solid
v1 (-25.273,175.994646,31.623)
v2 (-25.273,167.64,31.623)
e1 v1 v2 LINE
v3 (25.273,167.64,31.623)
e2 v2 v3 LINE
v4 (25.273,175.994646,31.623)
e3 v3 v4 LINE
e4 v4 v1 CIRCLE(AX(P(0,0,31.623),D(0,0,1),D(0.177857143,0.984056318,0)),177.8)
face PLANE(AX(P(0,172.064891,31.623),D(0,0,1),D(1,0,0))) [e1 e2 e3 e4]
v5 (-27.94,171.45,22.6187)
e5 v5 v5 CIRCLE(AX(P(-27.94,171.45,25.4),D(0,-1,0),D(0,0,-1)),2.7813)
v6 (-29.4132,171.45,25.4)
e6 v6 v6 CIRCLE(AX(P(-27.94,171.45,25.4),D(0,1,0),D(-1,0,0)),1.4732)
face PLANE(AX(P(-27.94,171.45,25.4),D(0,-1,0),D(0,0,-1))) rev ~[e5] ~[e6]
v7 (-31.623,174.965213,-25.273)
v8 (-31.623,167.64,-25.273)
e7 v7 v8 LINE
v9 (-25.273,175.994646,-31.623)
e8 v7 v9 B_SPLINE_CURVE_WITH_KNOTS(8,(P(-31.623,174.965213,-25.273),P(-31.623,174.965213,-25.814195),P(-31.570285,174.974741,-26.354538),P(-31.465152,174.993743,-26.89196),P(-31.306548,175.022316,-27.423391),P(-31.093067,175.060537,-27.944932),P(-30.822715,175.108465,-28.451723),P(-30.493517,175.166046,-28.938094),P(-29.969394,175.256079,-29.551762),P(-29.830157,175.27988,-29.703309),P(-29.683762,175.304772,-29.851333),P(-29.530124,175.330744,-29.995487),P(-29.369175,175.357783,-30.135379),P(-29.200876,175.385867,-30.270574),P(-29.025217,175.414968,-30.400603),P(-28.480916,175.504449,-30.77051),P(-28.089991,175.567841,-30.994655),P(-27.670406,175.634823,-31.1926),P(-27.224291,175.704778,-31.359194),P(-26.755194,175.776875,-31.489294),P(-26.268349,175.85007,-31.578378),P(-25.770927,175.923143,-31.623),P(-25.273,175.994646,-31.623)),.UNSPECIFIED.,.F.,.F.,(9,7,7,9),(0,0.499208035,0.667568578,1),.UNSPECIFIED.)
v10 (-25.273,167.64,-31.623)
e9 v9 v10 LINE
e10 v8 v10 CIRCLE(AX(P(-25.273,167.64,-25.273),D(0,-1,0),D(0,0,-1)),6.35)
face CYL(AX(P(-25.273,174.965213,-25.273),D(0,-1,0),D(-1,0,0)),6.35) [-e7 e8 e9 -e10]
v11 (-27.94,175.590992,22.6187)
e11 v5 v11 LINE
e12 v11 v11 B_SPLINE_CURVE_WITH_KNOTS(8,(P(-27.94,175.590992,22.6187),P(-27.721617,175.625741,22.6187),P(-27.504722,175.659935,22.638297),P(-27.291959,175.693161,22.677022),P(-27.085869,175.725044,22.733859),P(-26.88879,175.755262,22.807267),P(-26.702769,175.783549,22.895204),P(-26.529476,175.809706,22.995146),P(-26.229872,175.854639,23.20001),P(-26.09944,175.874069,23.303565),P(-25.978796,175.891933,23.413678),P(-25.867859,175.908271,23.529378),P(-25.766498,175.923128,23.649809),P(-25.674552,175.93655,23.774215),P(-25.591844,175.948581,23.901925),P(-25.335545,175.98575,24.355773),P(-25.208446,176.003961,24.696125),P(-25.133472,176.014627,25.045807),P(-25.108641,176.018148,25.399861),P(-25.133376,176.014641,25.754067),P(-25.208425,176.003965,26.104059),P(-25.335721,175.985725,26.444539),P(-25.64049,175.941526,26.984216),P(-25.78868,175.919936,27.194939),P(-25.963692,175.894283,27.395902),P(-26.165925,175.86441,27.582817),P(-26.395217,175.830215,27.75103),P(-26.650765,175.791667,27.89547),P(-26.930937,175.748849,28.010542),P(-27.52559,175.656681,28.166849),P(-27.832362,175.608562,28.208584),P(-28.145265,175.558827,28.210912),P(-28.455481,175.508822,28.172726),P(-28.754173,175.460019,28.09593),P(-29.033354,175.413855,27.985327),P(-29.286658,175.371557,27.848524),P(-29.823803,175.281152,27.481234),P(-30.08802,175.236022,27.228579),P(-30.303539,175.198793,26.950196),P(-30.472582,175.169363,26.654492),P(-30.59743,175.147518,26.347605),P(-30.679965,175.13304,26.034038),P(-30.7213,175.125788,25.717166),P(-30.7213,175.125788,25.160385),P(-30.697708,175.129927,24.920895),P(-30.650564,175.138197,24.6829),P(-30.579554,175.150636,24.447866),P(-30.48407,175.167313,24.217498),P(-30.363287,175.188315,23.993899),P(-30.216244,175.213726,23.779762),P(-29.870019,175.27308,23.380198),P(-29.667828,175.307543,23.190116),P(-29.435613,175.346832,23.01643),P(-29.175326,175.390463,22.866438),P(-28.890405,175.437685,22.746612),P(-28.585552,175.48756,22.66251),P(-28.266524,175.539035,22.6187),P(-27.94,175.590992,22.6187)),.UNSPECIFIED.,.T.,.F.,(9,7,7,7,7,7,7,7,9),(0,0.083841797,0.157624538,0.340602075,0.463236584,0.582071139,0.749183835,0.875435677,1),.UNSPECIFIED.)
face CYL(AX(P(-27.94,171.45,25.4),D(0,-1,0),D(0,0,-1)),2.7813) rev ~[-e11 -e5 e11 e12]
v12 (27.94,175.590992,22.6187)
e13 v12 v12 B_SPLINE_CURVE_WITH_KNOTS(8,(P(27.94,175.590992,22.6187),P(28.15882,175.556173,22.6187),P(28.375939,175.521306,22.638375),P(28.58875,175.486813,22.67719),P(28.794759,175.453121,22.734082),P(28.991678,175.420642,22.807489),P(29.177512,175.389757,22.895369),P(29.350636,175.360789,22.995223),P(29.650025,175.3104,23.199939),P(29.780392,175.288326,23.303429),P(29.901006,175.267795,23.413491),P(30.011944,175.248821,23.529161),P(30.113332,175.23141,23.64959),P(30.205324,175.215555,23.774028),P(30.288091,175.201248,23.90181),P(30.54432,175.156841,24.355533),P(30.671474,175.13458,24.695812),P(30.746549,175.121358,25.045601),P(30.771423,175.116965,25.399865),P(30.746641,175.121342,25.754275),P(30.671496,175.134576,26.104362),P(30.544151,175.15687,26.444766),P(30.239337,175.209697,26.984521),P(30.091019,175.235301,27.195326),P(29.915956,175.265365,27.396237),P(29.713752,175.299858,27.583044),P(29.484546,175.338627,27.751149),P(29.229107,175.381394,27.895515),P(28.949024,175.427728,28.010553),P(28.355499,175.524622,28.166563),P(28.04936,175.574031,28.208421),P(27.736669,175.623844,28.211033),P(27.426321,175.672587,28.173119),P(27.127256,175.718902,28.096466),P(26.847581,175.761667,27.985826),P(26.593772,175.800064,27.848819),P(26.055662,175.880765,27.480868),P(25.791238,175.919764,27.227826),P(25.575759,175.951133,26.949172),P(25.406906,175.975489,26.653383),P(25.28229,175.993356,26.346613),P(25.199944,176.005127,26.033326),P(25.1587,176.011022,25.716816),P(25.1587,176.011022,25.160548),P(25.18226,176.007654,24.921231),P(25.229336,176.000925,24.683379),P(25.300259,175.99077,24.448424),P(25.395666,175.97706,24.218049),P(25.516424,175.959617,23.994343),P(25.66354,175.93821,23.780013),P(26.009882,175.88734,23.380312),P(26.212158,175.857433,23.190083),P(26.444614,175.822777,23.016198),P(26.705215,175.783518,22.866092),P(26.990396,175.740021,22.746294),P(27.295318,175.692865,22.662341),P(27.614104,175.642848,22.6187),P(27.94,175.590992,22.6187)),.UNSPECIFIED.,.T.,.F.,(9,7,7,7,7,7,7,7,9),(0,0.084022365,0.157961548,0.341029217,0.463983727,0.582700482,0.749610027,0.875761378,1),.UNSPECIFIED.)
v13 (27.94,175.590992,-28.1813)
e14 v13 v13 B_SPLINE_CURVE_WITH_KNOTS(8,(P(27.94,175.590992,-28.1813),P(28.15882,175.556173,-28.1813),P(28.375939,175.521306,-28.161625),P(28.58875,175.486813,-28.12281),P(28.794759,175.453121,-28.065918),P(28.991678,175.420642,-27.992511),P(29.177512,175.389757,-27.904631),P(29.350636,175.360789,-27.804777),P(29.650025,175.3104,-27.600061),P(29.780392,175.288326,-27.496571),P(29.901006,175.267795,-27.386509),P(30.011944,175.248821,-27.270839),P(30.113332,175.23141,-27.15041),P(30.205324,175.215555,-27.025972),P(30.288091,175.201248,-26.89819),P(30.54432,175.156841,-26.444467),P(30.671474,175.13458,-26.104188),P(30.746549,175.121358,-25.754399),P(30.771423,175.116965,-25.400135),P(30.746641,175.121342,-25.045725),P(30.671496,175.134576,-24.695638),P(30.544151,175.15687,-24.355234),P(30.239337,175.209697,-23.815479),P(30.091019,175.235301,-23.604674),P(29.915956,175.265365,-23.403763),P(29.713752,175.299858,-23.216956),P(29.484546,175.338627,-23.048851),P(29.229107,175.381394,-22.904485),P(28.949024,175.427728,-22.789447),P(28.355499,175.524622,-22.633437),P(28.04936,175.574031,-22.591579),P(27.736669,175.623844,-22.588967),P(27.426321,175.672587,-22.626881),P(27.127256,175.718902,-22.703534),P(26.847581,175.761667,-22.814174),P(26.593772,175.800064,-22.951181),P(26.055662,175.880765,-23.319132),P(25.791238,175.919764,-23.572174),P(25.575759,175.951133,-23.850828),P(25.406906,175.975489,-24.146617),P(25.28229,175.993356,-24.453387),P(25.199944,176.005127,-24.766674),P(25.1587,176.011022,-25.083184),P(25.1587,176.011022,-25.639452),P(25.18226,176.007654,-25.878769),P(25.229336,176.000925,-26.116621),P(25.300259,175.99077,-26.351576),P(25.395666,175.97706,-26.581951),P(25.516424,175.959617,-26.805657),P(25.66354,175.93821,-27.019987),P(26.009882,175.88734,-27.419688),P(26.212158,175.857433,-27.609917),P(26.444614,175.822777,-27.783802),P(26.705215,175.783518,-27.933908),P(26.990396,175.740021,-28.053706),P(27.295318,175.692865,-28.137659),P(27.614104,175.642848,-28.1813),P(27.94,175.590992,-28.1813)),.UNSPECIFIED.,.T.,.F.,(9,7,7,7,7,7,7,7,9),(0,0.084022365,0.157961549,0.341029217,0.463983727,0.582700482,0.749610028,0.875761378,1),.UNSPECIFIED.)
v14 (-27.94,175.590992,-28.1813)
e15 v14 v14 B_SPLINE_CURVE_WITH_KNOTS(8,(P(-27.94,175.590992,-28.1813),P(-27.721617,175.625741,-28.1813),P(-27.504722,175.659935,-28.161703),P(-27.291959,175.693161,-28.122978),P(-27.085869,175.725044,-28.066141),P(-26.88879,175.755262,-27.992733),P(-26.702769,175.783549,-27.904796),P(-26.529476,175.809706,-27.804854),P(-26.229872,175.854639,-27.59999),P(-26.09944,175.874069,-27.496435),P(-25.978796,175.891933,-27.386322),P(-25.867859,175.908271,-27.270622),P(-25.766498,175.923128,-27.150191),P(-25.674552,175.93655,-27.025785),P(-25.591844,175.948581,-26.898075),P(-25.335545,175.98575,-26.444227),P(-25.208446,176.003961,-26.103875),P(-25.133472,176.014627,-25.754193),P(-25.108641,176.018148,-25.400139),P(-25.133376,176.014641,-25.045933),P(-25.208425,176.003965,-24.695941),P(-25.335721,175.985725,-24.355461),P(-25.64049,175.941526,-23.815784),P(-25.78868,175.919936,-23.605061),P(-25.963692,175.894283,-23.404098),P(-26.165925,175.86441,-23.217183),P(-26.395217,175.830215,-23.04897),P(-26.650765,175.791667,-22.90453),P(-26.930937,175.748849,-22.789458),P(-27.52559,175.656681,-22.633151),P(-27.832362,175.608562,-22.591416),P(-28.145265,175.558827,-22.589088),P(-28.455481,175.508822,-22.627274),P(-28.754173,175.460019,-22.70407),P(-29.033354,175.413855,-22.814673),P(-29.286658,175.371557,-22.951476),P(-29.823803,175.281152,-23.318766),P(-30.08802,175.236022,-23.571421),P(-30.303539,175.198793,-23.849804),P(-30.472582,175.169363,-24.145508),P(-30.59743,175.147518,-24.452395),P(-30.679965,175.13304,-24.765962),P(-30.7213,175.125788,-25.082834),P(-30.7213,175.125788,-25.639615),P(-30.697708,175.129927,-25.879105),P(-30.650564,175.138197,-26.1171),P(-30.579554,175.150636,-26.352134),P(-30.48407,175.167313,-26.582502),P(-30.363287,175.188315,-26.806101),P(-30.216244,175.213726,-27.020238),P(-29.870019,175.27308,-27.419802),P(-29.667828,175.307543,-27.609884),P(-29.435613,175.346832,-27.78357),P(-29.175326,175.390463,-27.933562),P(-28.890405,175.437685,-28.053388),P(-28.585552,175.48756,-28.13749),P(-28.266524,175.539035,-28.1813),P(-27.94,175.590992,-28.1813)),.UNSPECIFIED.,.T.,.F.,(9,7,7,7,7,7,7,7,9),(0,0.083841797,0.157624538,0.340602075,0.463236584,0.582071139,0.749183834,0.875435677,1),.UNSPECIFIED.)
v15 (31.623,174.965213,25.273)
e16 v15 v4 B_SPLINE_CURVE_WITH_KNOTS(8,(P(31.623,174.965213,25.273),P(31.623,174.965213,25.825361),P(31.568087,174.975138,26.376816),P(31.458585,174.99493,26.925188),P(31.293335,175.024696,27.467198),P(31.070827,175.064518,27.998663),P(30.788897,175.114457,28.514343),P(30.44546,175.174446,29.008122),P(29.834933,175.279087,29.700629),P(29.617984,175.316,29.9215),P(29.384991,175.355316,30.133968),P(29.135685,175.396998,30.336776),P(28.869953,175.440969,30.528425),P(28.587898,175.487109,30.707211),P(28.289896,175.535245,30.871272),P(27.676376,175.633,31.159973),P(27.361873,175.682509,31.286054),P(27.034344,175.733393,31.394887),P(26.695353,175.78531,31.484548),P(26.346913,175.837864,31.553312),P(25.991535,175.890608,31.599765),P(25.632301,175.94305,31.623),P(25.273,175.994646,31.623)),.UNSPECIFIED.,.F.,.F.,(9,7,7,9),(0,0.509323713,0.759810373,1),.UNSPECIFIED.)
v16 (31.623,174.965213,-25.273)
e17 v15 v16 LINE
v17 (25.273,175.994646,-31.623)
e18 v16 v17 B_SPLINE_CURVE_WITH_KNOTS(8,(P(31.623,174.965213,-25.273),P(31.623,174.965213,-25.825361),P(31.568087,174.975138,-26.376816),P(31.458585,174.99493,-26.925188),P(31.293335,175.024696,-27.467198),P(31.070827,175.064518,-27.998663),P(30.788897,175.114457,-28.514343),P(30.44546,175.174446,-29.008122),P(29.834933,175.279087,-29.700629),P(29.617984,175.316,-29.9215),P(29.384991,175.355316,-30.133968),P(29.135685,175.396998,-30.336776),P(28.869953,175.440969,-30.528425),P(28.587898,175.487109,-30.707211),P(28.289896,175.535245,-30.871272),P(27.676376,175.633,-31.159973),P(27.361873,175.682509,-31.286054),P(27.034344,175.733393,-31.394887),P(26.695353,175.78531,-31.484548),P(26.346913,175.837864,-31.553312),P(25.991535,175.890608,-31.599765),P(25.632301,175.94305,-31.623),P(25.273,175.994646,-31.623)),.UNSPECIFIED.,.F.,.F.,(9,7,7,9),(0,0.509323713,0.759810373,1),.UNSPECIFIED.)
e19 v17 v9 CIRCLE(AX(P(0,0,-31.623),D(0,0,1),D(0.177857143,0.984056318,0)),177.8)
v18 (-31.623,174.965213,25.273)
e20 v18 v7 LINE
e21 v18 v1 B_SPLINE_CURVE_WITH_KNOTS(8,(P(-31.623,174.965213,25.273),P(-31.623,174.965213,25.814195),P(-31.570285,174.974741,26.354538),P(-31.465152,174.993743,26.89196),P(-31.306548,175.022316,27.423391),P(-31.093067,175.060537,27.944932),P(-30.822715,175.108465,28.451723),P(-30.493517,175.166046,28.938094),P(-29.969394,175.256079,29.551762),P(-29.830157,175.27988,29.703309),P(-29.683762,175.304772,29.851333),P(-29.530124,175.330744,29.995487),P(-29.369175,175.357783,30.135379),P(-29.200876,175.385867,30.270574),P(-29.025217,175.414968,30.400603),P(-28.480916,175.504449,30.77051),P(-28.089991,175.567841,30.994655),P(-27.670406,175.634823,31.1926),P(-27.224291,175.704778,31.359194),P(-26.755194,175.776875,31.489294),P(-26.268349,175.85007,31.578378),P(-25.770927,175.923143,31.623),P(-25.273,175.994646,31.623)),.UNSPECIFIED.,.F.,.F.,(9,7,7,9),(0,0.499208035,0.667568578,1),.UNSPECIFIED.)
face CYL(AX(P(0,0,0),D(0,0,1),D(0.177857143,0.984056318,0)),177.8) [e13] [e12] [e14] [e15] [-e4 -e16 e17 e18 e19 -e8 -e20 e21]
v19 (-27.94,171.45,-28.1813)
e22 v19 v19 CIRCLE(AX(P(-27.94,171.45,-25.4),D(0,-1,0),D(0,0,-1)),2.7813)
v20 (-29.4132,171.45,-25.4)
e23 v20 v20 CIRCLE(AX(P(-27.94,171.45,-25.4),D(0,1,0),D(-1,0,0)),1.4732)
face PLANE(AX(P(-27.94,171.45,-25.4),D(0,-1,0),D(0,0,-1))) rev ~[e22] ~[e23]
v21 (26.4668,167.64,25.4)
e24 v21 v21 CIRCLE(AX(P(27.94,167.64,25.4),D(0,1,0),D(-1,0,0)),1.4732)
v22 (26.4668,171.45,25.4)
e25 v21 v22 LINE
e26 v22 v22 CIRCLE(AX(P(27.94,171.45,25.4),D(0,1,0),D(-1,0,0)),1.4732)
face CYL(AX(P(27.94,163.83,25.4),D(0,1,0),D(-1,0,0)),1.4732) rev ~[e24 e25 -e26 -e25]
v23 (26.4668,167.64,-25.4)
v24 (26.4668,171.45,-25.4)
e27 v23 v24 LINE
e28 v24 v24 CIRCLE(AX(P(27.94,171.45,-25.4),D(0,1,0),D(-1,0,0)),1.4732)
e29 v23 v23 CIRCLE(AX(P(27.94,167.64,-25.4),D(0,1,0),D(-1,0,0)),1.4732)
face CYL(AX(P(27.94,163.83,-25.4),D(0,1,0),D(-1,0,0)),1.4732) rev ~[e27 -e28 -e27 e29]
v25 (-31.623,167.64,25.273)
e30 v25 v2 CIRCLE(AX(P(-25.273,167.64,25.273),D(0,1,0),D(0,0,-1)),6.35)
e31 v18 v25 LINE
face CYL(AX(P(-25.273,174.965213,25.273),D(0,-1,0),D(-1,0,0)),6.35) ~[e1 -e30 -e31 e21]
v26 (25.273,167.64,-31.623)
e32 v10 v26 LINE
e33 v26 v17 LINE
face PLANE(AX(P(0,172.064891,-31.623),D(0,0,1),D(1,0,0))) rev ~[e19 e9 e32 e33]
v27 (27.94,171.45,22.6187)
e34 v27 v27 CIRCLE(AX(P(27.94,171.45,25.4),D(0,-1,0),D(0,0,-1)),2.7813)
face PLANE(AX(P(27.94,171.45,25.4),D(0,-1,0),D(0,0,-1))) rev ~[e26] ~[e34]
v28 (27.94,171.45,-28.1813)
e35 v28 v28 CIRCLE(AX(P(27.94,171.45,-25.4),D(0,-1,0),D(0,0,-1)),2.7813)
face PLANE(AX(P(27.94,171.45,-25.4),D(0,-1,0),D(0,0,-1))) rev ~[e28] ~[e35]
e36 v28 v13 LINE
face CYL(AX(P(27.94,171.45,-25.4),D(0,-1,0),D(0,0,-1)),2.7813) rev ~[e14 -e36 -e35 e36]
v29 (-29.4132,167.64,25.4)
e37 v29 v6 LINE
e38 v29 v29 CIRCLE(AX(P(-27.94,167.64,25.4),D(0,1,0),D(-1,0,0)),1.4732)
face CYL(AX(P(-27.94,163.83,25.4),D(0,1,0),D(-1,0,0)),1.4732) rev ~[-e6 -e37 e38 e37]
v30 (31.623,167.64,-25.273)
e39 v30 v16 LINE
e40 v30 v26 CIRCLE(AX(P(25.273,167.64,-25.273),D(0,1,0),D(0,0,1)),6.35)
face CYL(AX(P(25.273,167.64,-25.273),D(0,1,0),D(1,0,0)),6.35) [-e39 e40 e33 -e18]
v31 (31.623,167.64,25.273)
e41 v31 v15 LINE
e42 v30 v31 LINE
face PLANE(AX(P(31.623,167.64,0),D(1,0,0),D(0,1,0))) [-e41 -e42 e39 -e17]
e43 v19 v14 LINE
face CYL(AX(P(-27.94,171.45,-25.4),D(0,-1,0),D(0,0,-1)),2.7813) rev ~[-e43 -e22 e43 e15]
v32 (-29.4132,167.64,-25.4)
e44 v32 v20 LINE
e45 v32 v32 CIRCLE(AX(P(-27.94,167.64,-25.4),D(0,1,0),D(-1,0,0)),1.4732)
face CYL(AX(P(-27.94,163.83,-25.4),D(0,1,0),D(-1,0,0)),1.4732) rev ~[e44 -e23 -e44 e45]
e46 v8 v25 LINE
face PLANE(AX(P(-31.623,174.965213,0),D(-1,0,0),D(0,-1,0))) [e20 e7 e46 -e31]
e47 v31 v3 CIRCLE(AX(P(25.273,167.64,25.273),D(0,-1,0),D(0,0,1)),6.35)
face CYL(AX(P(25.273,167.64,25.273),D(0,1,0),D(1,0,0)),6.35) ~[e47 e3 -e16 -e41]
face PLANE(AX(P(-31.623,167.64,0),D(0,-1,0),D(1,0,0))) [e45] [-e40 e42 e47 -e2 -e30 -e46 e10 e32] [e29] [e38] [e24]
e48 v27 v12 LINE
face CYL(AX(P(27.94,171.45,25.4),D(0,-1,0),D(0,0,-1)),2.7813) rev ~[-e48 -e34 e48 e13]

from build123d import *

# Parameters (mm, degrees)
BOSS_EXTRUDE1_DEPTH             = 31.623
FILLET1_R                       = 6.35
F_32_0_116_DIAMETER_HOLE1_D     = 2.9464
F_32_0_116_DIAMETER_HOLE1_DEPTH = 3.81
SKETCH7_R                       = 2.7813
CUT_EXTRUDE4_DEPTH              = 46.170242106


with BuildPart() as part:
    # Sketch1 → Boss-Extrude1 (new, symmetric)
    with BuildSketch(Plane.XY):
        with BuildLine():
            Line((-31.623, 174.965213317), (-31.623, 167.64))
            Line((-31.623, 167.64), (-24.003, 167.64))
            Line((-24.003, 167.64), (24.003, 167.64))
            Line((24.003, 167.64), (31.623, 167.64))
            Line((31.623, 167.64), (31.623, 174.965213317))
            ThreePointArc((31.623, 174.965213317), (0, 177.8), (-31.623, 174.965213317))
        make_face()
    extrude(amount=BOSS_EXTRUDE1_DEPTH, both=True)

    # Fillet1
    fillet1_edges = [part.edges().sort_by_distance(p)[0] for p in [
        (-31.623, 171.302606658, -31.623),
        (31.623, 171.302606658, -31.623),
        (31.623, 171.302606658, 31.623),
        (-31.623, 171.302606658, 31.623),
    ]]
    fillet(fillet1_edges, radius=FILLET1_R)

    # #32 (0.116) Diameter Hole1
    with Locations(Plane.XZ.offset(-167.64)):
        with Locations((27.94, -25.4), (-27.94, -25.4), (27.94, 25.4), (-27.94, 25.4)):
            Hole(F_32_0_116_DIAMETER_HOLE1_D / 2, depth=F_32_0_116_DIAMETER_HOLE1_DEPTH)

    # Sketch7 → Cut-Extrude4 (cut, through all)
    with BuildSketch(Plane.XZ.offset(-171.45)):
        with Locations((27.94, -25.4)):
            Circle(SKETCH7_R)
        with Locations((27.94, 25.4)):
            Circle(SKETCH7_R)
        with Locations((-27.94, 25.4)):
            Circle(SKETCH7_R)
        with Locations((-27.94, -25.4)):
            Circle(SKETCH7_R)
    extrude(amount=-CUT_EXTRUDE4_DEPTH, mode=Mode.SUBTRACT)


solid = part.part
